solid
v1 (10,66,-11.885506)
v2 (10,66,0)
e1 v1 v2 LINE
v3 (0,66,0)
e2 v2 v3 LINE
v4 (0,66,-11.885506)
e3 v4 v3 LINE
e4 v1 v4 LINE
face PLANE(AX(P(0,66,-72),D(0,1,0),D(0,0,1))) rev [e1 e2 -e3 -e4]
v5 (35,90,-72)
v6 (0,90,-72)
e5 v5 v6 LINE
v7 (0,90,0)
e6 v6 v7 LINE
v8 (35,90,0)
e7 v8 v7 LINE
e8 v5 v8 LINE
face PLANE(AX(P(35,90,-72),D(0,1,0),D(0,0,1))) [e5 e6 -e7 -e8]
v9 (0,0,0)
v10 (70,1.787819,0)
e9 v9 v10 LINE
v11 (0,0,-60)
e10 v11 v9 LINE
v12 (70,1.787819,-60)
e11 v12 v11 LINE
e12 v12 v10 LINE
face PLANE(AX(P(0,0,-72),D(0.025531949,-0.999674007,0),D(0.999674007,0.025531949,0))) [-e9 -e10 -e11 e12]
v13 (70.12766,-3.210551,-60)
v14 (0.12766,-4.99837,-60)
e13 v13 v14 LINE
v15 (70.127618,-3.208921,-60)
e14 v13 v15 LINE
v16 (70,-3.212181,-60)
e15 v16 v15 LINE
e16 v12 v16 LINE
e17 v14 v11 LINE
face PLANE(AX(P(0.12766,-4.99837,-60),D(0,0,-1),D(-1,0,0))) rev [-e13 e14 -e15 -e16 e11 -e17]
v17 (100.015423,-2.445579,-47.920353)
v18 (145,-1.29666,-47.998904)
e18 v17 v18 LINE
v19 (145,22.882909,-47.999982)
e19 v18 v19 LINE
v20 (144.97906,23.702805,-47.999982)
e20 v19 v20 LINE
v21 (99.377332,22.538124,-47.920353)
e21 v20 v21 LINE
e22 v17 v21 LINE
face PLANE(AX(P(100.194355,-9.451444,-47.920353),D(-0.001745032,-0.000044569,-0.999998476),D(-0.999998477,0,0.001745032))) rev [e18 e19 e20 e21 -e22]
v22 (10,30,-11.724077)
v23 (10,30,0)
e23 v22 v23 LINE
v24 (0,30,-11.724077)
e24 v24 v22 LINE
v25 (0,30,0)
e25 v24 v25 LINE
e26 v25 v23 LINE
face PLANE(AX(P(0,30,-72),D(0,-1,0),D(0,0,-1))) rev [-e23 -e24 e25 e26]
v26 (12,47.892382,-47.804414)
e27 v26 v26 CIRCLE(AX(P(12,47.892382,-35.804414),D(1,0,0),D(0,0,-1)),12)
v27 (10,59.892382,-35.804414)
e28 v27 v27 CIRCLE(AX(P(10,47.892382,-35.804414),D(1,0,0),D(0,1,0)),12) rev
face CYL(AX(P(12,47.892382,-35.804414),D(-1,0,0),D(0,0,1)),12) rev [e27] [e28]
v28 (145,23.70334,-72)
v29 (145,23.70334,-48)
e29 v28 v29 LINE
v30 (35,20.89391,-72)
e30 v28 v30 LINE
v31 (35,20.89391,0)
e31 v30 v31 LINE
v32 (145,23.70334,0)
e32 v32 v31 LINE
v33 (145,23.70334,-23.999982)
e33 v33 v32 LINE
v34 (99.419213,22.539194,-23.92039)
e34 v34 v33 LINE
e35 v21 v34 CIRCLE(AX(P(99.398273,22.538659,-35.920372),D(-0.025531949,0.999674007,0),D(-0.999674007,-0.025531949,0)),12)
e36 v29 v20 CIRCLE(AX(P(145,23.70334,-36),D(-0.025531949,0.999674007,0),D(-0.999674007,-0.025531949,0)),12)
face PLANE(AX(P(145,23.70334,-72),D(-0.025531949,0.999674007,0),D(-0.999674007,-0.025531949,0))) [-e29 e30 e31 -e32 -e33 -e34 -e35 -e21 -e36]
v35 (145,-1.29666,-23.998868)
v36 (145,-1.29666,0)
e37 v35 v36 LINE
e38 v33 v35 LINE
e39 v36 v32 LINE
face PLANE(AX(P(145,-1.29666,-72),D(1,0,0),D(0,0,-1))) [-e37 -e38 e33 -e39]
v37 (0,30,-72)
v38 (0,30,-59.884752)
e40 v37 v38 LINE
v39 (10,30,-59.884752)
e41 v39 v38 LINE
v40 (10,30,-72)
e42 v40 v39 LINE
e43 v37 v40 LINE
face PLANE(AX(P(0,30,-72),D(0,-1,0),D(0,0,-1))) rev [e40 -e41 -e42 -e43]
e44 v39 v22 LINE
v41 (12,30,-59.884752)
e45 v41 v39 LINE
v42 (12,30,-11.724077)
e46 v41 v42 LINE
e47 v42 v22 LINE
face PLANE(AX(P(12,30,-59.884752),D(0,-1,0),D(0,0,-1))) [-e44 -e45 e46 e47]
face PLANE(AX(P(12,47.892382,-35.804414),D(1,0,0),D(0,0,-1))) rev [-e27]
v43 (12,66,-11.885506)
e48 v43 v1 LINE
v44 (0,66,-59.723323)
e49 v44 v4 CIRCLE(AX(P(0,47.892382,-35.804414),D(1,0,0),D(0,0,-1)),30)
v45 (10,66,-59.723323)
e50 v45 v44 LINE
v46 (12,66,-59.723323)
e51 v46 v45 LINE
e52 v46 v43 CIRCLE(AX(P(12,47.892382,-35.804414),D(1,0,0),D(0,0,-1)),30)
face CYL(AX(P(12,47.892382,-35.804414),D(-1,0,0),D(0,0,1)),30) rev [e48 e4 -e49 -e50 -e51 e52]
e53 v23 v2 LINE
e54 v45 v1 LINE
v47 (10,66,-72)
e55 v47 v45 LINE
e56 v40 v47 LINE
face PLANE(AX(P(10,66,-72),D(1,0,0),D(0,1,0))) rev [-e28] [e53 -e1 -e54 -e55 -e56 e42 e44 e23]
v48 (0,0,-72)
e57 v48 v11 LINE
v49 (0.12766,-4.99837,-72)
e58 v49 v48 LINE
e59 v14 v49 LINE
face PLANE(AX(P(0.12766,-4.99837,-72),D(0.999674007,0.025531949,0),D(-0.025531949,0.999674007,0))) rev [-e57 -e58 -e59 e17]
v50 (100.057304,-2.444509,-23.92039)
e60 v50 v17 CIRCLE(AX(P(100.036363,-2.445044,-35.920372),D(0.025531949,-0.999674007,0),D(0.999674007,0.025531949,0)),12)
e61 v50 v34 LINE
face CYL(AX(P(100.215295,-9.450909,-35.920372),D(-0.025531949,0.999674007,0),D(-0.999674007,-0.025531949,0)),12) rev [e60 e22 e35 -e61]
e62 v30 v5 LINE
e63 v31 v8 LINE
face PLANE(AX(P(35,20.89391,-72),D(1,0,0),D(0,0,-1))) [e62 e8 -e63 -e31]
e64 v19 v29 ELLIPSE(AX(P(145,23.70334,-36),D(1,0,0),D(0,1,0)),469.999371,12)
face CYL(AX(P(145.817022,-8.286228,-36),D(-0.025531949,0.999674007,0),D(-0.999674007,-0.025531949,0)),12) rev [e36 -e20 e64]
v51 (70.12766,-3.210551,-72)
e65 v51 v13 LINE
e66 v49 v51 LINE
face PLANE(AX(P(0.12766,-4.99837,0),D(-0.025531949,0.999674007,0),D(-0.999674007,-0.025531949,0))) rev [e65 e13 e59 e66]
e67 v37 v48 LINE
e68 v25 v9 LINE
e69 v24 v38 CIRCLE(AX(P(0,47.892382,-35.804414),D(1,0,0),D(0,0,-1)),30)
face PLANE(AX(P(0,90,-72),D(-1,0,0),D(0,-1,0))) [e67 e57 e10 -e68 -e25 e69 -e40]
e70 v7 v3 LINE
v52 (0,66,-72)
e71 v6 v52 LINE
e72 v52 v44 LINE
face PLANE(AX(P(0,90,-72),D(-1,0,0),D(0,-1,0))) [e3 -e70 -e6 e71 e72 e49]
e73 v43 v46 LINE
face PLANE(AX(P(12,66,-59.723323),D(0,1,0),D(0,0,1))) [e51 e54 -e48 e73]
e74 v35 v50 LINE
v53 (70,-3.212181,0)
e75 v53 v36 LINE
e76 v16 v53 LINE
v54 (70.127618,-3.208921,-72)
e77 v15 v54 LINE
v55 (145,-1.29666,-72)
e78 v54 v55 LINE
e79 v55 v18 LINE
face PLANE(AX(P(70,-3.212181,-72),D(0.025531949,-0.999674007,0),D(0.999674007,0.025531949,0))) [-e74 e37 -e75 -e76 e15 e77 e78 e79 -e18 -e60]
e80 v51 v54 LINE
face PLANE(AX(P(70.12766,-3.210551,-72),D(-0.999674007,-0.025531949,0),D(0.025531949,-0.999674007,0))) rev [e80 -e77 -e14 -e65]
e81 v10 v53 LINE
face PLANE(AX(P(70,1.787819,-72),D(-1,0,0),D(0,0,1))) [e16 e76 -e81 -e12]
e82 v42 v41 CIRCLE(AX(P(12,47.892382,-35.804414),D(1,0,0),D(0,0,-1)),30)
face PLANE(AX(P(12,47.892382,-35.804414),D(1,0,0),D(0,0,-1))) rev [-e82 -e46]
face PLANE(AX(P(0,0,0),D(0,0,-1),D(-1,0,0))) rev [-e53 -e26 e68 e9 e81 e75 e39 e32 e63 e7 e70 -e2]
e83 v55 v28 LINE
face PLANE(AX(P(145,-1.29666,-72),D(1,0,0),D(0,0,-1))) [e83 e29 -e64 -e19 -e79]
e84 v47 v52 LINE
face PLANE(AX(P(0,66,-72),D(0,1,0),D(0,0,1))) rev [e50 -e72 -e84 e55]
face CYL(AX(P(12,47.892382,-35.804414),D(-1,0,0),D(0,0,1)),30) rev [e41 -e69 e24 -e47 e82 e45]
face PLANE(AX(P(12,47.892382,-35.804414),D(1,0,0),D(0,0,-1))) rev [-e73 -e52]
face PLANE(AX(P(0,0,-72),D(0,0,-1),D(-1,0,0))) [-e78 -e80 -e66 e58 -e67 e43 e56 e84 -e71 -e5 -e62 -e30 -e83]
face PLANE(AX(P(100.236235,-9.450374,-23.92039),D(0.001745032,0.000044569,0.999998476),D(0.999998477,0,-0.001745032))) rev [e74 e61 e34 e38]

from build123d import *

# Parameters (mm, degrees)
BOSS_EXTRUDE1_DEPTH = 72
SKETCH2_W           = 10
SKETCH2_H           = 36
CUT_EXTRUDE1_DEPTH  = 72
SKETCH3_R           = 12
CUT_EXTRUDE3_DEPTH  = 12
CUT_EXTRUDE4_DEPTH  = 32
SKETCH5_W           = 70.022826976
SKETCH5_H           = 12
BOSS_EXTRUDE2_DEPTH = 5


with BuildPart() as part:
    # Sketch1 → Boss-Extrude1 (new body)
    with BuildSketch(Plane.XY):
        Polygon((0, 0), (70, 1.787819253), (70, -3.212180747), (145, -1.296660118), (145, 23.703339882), (35, 20.893909627), (35, 90), (0, 90), align=None)
    extrude(amount=-BOSS_EXTRUDE1_DEPTH)

    # Sketch2 → Cut-Extrude1 (cut)
    with BuildSketch(Plane.XY):
        with Locations((5, 48)):
            Rectangle(SKETCH2_W, SKETCH2_H)
    extrude(amount=-CUT_EXTRUDE1_DEPTH, mode=Mode.SUBTRACT)

    # Sketch3 → Cut-Extrude3 (cut)
    with BuildSketch(Plane(origin=(0, 0, 0), x_dir=(0, 0, -1), z_dir=(1, 0, 0))):
        with Locations(Location((35.804414242, 47.892382062, 0), (0, 0, 90))):
            Circle(SKETCH3_R)
        with BuildLine():
            Line((59.723322508, 66), (11.885505976, 66))
            ThreePointArc((11.885505976, 66), (35.804414242, 77.892382062), (59.723322508, 66))
        make_face()
        with BuildLine():
            Line((59.88475195, 30), (11.724076534, 30))
            ThreePointArc((11.724076534, 30), (35.804414242, 17.892382062), (59.88475195, 30))
        make_face()
    extrude(amount=CUT_EXTRUDE3_DEPTH, mode=Mode.SUBTRACT)

    # Sketch4 → Cut-Extrude4 (cut)
    with BuildSketch(Plane(origin=(-0.510472517, 19.986962392, 0), x_dir=(0.9996740066520181, 0.025531949089344263, 0), z_dir=(-0.025531949089344263, 0.9996740066520181, 0))):
        with BuildLine():
            Line((99.920378063, 47.920353232), (145.536976224, 47.999981717))
            ThreePointArc((145.536976224, 47.999981717), (157.557905149, 36.020947208), (145.57887064, 24.000018283))
            Line((145.57887064, 24.000018283), (99.962272479, 23.920389797))
            ThreePointArc((99.962272479, 23.920389797), (87.941343554, 35.899424307), (99.920378063, 47.920353232))
        make_face()
    extrude(amount=-CUT_EXTRUDE4_DEPTH, mode=Mode.SUBTRACT)

    # Sketch5 → Boss-Extrude2 (add)
    with BuildSketch(Plane(origin=(0, 0, 0), x_dir=(0.9996740066520181, 0.025531949089344187, 0), z_dir=(0.025531949089344187, -0.9996740066520181, 0))):
        with Locations((35.011413488, -66)):
            Rectangle(SKETCH5_W, SKETCH5_H)
    extrude(amount=BOSS_EXTRUDE2_DEPTH)


solid = part.part
